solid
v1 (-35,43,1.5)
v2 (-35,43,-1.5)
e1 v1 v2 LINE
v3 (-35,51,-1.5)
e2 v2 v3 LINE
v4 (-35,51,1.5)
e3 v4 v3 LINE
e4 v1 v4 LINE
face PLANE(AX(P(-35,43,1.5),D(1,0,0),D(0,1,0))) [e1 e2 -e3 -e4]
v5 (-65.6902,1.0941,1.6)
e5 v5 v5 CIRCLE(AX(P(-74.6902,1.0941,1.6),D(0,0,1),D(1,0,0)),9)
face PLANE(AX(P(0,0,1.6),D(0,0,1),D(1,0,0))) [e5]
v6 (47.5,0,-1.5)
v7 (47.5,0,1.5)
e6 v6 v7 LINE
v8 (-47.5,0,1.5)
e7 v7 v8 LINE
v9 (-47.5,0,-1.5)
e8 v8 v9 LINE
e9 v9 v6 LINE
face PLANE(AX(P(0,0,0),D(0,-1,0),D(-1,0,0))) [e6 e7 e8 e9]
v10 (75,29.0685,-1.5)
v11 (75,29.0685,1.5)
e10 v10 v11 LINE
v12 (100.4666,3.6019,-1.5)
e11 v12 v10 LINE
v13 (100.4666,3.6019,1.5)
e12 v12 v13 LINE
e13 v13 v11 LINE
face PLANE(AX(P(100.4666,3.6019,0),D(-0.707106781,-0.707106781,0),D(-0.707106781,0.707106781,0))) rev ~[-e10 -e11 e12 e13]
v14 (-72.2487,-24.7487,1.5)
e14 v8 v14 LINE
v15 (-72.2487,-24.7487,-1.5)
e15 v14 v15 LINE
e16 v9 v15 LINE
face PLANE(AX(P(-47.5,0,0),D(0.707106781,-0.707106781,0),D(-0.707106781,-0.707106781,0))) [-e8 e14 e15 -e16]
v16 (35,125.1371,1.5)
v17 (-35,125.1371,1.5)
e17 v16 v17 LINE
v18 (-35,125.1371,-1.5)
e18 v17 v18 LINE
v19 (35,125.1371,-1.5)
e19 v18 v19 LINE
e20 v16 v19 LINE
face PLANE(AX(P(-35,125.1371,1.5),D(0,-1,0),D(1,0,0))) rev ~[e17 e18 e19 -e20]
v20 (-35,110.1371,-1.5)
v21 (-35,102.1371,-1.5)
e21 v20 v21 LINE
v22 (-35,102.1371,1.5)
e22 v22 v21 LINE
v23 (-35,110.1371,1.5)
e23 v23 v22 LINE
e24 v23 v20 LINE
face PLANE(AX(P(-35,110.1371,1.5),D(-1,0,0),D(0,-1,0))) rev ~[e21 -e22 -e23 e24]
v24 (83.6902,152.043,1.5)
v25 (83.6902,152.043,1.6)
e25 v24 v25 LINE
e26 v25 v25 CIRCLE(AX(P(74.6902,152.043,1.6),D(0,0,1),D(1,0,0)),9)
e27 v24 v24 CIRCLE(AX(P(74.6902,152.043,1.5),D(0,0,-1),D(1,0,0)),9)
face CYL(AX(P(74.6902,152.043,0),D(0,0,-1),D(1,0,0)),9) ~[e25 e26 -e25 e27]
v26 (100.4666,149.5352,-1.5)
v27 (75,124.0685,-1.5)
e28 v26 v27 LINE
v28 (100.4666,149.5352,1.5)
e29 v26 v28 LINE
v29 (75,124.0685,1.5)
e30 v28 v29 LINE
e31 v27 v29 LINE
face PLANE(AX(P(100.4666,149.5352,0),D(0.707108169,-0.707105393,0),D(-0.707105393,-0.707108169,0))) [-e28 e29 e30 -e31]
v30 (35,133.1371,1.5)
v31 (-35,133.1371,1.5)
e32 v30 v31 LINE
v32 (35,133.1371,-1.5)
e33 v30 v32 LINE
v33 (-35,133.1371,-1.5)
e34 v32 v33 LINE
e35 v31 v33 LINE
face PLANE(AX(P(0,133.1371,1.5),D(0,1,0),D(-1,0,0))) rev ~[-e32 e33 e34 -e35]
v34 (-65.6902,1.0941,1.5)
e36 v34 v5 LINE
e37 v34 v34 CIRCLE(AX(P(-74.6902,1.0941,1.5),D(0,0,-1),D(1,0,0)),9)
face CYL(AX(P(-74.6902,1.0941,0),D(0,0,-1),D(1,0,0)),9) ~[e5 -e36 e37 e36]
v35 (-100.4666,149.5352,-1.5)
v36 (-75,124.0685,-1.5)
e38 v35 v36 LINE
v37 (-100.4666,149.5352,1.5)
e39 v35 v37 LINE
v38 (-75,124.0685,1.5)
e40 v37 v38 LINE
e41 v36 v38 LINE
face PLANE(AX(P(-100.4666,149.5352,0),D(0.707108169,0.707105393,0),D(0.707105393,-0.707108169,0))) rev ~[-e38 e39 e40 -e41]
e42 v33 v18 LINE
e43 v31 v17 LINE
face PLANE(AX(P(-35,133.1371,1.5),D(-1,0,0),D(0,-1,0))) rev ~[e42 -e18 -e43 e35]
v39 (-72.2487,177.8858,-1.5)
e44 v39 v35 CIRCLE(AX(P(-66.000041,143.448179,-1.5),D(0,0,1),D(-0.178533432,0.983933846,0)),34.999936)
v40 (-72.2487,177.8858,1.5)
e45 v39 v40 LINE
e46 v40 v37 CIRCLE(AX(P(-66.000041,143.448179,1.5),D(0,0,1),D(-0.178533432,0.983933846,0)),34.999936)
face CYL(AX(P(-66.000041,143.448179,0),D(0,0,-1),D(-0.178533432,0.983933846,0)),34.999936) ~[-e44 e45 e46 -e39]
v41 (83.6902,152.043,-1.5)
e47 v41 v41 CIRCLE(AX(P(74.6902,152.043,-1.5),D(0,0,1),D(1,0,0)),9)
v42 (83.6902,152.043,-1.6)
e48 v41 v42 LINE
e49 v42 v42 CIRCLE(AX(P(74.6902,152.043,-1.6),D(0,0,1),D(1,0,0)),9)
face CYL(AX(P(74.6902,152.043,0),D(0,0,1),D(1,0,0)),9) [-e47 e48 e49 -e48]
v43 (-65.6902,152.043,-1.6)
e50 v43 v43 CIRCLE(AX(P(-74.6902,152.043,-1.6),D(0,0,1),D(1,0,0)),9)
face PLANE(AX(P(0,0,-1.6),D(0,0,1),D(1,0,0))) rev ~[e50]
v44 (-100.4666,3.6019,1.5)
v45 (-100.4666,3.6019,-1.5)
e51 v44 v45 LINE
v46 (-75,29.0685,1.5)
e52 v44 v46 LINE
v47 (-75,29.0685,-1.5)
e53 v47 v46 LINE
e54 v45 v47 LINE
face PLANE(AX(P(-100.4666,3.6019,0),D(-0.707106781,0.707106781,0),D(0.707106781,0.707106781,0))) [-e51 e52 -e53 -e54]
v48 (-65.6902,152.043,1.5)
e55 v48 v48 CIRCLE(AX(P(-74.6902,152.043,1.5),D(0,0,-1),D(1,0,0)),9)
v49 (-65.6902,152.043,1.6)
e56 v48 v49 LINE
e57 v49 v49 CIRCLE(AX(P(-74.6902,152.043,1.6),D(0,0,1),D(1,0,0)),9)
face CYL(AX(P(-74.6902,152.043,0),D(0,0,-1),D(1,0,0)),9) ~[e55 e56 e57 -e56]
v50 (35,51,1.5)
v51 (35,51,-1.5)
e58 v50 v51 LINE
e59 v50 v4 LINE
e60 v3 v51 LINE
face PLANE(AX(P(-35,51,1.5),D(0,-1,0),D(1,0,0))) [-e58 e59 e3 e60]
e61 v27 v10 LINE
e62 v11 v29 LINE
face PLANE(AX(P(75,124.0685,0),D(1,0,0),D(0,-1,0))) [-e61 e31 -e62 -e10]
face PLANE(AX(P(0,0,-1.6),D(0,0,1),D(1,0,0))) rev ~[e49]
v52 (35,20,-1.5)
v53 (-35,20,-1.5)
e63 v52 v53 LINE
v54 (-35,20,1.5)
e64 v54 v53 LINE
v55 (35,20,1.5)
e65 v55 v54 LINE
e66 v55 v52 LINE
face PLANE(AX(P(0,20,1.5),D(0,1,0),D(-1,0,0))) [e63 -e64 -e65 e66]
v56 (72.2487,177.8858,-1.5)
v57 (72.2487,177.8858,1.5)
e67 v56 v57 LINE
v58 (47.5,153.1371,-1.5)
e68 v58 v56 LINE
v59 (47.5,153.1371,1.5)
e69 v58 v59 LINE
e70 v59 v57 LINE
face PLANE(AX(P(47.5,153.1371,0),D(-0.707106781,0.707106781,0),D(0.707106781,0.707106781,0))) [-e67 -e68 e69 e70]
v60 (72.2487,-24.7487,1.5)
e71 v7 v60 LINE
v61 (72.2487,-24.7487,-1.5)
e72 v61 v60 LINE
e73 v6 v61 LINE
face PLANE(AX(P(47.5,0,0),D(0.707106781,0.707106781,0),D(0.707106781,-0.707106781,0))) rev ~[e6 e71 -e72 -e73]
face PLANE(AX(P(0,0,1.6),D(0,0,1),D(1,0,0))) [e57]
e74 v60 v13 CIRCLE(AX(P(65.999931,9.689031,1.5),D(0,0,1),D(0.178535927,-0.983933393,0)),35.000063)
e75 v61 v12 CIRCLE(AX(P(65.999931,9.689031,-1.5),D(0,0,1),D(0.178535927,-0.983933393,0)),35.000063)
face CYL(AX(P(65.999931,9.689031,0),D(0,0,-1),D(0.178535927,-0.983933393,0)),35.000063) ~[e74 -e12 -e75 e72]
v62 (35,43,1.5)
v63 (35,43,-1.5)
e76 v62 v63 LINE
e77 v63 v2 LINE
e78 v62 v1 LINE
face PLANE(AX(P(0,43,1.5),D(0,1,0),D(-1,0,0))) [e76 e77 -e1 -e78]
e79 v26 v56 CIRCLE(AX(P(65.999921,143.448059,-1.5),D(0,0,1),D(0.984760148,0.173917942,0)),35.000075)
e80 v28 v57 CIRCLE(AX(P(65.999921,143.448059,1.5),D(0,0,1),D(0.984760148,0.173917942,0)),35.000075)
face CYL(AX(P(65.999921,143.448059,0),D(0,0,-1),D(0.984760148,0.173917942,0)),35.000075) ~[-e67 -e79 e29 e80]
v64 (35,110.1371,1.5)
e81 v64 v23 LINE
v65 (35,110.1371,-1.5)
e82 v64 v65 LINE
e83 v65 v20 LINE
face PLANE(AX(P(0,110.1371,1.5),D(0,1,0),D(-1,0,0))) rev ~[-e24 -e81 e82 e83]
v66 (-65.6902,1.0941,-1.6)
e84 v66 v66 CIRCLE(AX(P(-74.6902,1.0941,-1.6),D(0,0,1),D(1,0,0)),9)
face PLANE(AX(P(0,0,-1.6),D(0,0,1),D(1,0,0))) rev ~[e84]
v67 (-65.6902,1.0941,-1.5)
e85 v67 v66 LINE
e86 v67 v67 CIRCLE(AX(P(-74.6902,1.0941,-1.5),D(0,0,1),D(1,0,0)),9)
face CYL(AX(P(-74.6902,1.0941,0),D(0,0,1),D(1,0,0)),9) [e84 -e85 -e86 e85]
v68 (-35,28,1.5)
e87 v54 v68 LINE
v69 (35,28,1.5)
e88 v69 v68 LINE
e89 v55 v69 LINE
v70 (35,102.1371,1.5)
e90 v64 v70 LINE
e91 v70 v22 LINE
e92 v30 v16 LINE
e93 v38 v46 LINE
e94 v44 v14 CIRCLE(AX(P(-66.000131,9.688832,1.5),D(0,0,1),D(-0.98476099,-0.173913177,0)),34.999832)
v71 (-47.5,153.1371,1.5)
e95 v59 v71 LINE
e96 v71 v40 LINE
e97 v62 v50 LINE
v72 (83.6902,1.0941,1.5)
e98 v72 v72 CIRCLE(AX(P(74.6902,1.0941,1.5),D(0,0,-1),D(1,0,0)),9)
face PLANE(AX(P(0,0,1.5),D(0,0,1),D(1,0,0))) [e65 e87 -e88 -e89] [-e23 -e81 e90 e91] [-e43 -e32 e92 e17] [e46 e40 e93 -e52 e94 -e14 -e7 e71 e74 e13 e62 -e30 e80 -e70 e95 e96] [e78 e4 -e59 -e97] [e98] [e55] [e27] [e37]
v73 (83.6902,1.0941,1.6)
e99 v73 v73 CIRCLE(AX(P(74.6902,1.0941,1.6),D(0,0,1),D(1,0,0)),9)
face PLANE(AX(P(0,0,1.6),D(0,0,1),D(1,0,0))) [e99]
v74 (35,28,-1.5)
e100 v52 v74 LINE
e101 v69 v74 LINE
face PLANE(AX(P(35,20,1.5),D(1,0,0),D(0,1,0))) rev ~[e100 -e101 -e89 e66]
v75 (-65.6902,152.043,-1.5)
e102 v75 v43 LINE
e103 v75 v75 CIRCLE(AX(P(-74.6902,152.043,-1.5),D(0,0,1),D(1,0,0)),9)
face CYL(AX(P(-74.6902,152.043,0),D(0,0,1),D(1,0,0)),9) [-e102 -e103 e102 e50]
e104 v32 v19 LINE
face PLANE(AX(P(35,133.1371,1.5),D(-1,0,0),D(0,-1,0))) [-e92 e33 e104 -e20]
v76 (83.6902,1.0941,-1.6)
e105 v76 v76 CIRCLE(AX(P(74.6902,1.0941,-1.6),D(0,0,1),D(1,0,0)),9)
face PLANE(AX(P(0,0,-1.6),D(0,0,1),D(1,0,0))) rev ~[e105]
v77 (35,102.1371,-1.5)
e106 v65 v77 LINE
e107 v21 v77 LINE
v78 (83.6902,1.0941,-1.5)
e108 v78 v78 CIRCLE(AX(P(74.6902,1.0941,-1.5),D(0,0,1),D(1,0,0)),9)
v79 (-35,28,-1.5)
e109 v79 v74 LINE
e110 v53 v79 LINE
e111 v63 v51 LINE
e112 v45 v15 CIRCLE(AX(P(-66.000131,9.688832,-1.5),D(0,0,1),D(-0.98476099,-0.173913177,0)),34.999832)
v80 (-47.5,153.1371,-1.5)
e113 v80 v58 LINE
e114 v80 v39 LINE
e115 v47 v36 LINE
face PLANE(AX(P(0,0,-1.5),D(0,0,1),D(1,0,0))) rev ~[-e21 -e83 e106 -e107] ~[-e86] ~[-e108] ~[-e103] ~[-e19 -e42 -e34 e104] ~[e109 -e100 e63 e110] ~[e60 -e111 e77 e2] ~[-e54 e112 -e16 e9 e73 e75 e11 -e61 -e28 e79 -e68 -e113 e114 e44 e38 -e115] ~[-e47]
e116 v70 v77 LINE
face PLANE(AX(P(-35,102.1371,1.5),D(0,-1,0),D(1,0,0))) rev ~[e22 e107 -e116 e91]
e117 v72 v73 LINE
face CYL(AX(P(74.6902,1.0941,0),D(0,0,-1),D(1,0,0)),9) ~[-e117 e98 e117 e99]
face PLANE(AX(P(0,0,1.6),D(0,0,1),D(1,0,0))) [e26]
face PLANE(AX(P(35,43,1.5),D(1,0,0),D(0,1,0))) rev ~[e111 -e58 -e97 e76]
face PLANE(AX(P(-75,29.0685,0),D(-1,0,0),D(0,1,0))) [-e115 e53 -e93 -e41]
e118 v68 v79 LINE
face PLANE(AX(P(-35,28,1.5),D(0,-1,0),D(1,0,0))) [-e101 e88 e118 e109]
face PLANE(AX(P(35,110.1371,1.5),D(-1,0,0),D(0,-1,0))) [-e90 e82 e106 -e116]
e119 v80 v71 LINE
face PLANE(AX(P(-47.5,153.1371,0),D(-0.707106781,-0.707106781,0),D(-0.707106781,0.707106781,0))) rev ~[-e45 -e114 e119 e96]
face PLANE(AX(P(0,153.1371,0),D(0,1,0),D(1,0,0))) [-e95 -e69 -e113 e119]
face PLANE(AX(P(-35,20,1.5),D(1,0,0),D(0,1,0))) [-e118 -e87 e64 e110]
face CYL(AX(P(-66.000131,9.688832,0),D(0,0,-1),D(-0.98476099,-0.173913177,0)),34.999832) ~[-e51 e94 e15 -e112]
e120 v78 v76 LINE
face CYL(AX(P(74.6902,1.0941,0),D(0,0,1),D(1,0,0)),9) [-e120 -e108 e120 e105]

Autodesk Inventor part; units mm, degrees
ref_plane "YZ Plane" through (0, 0, 0) normal (1, 0, 0) x (0, 1, 0)
ref_plane "XZ Plane" through (0, 0, 0) normal (0, 1, 0) x (-1, 0, 0)
ref_plane "XY Plane" through (0, 0, 0) normal (0, 0, 1) x (1, 0, 0)
sketch "Sketch1" plane through (0, 0, 0) normal (0, 0, 1) x (1, 0, 0)
  line L0 (0, 0) -> (-47.5, 0)
  line L1 (-47.5, 0) -> (-72.2487, -24.7487)
  line L2 (-100.4666, 3.6019) -> (-75, 29.0685)
  line L3 (-75, 29.0685) -> (-75, 76.5685)
  line L4 (0, -71.4752) -> (0, 224.6123) projected
  arc A0 (-100.4666, 3.6019) -> (-72.2487, -24.7487) centre (-66, 9.6889) ccw
  line L5 (-75, 76.5685) -> (0, 76.5685)
  line L6 (0, 153.1371) -> (-47.5, 153.1371)
  line L7 (-47.5, 153.1371) -> (-72.2487, 177.8858)
  line L8 (-100.4666, 149.5352) -> (-75, 124.0685)
  line L9 (-75, 124.0685) -> (-75, 76.5685)
  arc A1 (-72.2487, 177.8858) -> (-100.4666, 149.5352) centre (-66, 143.4481) ccw
  line L10 (0, 0) -> (47.5, 0)
  line L11 (47.5, 0) -> (72.2487, -24.7487)
  line L12 (100.4666, 3.6019) -> (75, 29.0685)
  line L13 (75, 29.0685) -> (75, 76.5685)
  arc A2 (72.2487, -24.7487) -> (100.4666, 3.6019) centre (66, 9.6889) ccw
  line L14 (75, 124.0685) -> (75, 76.5685)
  line L15 (100.4666, 149.5352) -> (75, 124.0685)
  arc A3 (100.4666, 149.5352) -> (72.2487, 177.8858) centre (66, 143.4481) ccw
  line L16 (47.5, 153.1371) -> (72.2487, 177.8858)
  line L17 (0, 153.1371) -> (47.5, 153.1371)
  line L18 (-100.4666, 3.6019) -> (-72.2487, -24.7487)
  line L19 (-75, 29.0685) -> (-47.5, 0)
  circle A4 centre (-74.6902, 1.0941) radius 9
  circle A5 centre (-74.6902, 152.043) radius 9
  circle A6 centre (74.6902, 1.0941) radius 9
  circle A7 centre (74.6902, 152.043) radius 9
  dimension "d0" = 135
  dimension "d1" = 47.5
  dimension "d2" = 35
  dimension "d3" = 40
  dimension "d4" = 75
  dimension "d5" = 35
  dimension "d6" = 66
  dimension "d11" = 20
  dimension "d12" = 38
  dimension "d13" = 18
extrude "Extrusion1" add sketch "Sketch1" along normal blind 1.5 and the other way blind 1.5 contours L0 L19 L3 L5 L4 | L4 L17 L16 A3 L15 L14 L13 L12 A2 L11 L10 | L1 L18 L2 L19 | L5 L9 L8 A1 L7 L6 L4 | A0 L18 | A4 | A5 | A6 | A7
extrude "Extrusion2" add sketch "Sketch1" along normal mid plane 3.2 contours A4 | A5 | A6 | A7
sketch "Sketch2" plane through (0, 0, 1.5) normal (0, 0, 1) x (1, 0, 0)
  point P0 (0, 0)
sketch "Sketch3" plane through (0, 0, 1.5) normal (0, 0, 1) x (1, 0, 0)
  line L0 (0, 20) -> (-35, 20)
  line L1 (-35, 20) -> (-35, 28)
  line L2 (-35, 28) -> (0, 28)
  line L3 (0, 43) -> (-35, 43)
  line L4 (-35, 43) -> (-35, 51)
  line L5 (-35, 51) -> (0, 51)
  line L6 (0, 0) -> (0, 150)
  line L7 (-75, 124.0685) -> (-75, 29.0685) projected
  line L8 (-75, 76.5685) -> (75, 76.5685)
  line L9 (75, 124.0685) -> (75, 29.0685) projected
  line L10 (0, 133.1371) -> (-35, 133.1371)
  line L11 (-35, 133.1371) -> (-35, 125.1371)
  line L12 (-35, 125.1371) -> (0, 125.1371)
  line L13 (0, 110.1371) -> (-35, 110.1371)
  line L14 (-35, 110.1371) -> (-35, 102.1371)
  line L15 (-35, 102.1371) -> (0, 102.1371)
  line L16 (0, 20) -> (35, 20)
  line L17 (35, 20) -> (35, 28)
  line L18 (35, 28) -> (0, 28)
  line L19 (0, 43) -> (35, 43)
  line L20 (35, 43) -> (35, 51)
  line L21 (35, 51) -> (0, 51)
  line L22 (35, 102.1371) -> (0, 102.1371)
  line L23 (0, 110.1371) -> (35, 110.1371)
  line L24 (35, 110.1371) -> (35, 102.1371)
  line L25 (35, 125.1371) -> (0, 125.1371)
  line L26 (35, 133.1371) -> (35, 125.1371)
  line L27 (0, 133.1371) -> (35, 133.1371)
  dimension "d21" = 35
  dimension "d22" = 8
  dimension "d23" = 150
  dimension "d24" = 15
  dimension "d25" = 20
extrude "Extrusion3" cut sketch "Sketch3" against normal blind 10
properties part number "Superior_Base"
